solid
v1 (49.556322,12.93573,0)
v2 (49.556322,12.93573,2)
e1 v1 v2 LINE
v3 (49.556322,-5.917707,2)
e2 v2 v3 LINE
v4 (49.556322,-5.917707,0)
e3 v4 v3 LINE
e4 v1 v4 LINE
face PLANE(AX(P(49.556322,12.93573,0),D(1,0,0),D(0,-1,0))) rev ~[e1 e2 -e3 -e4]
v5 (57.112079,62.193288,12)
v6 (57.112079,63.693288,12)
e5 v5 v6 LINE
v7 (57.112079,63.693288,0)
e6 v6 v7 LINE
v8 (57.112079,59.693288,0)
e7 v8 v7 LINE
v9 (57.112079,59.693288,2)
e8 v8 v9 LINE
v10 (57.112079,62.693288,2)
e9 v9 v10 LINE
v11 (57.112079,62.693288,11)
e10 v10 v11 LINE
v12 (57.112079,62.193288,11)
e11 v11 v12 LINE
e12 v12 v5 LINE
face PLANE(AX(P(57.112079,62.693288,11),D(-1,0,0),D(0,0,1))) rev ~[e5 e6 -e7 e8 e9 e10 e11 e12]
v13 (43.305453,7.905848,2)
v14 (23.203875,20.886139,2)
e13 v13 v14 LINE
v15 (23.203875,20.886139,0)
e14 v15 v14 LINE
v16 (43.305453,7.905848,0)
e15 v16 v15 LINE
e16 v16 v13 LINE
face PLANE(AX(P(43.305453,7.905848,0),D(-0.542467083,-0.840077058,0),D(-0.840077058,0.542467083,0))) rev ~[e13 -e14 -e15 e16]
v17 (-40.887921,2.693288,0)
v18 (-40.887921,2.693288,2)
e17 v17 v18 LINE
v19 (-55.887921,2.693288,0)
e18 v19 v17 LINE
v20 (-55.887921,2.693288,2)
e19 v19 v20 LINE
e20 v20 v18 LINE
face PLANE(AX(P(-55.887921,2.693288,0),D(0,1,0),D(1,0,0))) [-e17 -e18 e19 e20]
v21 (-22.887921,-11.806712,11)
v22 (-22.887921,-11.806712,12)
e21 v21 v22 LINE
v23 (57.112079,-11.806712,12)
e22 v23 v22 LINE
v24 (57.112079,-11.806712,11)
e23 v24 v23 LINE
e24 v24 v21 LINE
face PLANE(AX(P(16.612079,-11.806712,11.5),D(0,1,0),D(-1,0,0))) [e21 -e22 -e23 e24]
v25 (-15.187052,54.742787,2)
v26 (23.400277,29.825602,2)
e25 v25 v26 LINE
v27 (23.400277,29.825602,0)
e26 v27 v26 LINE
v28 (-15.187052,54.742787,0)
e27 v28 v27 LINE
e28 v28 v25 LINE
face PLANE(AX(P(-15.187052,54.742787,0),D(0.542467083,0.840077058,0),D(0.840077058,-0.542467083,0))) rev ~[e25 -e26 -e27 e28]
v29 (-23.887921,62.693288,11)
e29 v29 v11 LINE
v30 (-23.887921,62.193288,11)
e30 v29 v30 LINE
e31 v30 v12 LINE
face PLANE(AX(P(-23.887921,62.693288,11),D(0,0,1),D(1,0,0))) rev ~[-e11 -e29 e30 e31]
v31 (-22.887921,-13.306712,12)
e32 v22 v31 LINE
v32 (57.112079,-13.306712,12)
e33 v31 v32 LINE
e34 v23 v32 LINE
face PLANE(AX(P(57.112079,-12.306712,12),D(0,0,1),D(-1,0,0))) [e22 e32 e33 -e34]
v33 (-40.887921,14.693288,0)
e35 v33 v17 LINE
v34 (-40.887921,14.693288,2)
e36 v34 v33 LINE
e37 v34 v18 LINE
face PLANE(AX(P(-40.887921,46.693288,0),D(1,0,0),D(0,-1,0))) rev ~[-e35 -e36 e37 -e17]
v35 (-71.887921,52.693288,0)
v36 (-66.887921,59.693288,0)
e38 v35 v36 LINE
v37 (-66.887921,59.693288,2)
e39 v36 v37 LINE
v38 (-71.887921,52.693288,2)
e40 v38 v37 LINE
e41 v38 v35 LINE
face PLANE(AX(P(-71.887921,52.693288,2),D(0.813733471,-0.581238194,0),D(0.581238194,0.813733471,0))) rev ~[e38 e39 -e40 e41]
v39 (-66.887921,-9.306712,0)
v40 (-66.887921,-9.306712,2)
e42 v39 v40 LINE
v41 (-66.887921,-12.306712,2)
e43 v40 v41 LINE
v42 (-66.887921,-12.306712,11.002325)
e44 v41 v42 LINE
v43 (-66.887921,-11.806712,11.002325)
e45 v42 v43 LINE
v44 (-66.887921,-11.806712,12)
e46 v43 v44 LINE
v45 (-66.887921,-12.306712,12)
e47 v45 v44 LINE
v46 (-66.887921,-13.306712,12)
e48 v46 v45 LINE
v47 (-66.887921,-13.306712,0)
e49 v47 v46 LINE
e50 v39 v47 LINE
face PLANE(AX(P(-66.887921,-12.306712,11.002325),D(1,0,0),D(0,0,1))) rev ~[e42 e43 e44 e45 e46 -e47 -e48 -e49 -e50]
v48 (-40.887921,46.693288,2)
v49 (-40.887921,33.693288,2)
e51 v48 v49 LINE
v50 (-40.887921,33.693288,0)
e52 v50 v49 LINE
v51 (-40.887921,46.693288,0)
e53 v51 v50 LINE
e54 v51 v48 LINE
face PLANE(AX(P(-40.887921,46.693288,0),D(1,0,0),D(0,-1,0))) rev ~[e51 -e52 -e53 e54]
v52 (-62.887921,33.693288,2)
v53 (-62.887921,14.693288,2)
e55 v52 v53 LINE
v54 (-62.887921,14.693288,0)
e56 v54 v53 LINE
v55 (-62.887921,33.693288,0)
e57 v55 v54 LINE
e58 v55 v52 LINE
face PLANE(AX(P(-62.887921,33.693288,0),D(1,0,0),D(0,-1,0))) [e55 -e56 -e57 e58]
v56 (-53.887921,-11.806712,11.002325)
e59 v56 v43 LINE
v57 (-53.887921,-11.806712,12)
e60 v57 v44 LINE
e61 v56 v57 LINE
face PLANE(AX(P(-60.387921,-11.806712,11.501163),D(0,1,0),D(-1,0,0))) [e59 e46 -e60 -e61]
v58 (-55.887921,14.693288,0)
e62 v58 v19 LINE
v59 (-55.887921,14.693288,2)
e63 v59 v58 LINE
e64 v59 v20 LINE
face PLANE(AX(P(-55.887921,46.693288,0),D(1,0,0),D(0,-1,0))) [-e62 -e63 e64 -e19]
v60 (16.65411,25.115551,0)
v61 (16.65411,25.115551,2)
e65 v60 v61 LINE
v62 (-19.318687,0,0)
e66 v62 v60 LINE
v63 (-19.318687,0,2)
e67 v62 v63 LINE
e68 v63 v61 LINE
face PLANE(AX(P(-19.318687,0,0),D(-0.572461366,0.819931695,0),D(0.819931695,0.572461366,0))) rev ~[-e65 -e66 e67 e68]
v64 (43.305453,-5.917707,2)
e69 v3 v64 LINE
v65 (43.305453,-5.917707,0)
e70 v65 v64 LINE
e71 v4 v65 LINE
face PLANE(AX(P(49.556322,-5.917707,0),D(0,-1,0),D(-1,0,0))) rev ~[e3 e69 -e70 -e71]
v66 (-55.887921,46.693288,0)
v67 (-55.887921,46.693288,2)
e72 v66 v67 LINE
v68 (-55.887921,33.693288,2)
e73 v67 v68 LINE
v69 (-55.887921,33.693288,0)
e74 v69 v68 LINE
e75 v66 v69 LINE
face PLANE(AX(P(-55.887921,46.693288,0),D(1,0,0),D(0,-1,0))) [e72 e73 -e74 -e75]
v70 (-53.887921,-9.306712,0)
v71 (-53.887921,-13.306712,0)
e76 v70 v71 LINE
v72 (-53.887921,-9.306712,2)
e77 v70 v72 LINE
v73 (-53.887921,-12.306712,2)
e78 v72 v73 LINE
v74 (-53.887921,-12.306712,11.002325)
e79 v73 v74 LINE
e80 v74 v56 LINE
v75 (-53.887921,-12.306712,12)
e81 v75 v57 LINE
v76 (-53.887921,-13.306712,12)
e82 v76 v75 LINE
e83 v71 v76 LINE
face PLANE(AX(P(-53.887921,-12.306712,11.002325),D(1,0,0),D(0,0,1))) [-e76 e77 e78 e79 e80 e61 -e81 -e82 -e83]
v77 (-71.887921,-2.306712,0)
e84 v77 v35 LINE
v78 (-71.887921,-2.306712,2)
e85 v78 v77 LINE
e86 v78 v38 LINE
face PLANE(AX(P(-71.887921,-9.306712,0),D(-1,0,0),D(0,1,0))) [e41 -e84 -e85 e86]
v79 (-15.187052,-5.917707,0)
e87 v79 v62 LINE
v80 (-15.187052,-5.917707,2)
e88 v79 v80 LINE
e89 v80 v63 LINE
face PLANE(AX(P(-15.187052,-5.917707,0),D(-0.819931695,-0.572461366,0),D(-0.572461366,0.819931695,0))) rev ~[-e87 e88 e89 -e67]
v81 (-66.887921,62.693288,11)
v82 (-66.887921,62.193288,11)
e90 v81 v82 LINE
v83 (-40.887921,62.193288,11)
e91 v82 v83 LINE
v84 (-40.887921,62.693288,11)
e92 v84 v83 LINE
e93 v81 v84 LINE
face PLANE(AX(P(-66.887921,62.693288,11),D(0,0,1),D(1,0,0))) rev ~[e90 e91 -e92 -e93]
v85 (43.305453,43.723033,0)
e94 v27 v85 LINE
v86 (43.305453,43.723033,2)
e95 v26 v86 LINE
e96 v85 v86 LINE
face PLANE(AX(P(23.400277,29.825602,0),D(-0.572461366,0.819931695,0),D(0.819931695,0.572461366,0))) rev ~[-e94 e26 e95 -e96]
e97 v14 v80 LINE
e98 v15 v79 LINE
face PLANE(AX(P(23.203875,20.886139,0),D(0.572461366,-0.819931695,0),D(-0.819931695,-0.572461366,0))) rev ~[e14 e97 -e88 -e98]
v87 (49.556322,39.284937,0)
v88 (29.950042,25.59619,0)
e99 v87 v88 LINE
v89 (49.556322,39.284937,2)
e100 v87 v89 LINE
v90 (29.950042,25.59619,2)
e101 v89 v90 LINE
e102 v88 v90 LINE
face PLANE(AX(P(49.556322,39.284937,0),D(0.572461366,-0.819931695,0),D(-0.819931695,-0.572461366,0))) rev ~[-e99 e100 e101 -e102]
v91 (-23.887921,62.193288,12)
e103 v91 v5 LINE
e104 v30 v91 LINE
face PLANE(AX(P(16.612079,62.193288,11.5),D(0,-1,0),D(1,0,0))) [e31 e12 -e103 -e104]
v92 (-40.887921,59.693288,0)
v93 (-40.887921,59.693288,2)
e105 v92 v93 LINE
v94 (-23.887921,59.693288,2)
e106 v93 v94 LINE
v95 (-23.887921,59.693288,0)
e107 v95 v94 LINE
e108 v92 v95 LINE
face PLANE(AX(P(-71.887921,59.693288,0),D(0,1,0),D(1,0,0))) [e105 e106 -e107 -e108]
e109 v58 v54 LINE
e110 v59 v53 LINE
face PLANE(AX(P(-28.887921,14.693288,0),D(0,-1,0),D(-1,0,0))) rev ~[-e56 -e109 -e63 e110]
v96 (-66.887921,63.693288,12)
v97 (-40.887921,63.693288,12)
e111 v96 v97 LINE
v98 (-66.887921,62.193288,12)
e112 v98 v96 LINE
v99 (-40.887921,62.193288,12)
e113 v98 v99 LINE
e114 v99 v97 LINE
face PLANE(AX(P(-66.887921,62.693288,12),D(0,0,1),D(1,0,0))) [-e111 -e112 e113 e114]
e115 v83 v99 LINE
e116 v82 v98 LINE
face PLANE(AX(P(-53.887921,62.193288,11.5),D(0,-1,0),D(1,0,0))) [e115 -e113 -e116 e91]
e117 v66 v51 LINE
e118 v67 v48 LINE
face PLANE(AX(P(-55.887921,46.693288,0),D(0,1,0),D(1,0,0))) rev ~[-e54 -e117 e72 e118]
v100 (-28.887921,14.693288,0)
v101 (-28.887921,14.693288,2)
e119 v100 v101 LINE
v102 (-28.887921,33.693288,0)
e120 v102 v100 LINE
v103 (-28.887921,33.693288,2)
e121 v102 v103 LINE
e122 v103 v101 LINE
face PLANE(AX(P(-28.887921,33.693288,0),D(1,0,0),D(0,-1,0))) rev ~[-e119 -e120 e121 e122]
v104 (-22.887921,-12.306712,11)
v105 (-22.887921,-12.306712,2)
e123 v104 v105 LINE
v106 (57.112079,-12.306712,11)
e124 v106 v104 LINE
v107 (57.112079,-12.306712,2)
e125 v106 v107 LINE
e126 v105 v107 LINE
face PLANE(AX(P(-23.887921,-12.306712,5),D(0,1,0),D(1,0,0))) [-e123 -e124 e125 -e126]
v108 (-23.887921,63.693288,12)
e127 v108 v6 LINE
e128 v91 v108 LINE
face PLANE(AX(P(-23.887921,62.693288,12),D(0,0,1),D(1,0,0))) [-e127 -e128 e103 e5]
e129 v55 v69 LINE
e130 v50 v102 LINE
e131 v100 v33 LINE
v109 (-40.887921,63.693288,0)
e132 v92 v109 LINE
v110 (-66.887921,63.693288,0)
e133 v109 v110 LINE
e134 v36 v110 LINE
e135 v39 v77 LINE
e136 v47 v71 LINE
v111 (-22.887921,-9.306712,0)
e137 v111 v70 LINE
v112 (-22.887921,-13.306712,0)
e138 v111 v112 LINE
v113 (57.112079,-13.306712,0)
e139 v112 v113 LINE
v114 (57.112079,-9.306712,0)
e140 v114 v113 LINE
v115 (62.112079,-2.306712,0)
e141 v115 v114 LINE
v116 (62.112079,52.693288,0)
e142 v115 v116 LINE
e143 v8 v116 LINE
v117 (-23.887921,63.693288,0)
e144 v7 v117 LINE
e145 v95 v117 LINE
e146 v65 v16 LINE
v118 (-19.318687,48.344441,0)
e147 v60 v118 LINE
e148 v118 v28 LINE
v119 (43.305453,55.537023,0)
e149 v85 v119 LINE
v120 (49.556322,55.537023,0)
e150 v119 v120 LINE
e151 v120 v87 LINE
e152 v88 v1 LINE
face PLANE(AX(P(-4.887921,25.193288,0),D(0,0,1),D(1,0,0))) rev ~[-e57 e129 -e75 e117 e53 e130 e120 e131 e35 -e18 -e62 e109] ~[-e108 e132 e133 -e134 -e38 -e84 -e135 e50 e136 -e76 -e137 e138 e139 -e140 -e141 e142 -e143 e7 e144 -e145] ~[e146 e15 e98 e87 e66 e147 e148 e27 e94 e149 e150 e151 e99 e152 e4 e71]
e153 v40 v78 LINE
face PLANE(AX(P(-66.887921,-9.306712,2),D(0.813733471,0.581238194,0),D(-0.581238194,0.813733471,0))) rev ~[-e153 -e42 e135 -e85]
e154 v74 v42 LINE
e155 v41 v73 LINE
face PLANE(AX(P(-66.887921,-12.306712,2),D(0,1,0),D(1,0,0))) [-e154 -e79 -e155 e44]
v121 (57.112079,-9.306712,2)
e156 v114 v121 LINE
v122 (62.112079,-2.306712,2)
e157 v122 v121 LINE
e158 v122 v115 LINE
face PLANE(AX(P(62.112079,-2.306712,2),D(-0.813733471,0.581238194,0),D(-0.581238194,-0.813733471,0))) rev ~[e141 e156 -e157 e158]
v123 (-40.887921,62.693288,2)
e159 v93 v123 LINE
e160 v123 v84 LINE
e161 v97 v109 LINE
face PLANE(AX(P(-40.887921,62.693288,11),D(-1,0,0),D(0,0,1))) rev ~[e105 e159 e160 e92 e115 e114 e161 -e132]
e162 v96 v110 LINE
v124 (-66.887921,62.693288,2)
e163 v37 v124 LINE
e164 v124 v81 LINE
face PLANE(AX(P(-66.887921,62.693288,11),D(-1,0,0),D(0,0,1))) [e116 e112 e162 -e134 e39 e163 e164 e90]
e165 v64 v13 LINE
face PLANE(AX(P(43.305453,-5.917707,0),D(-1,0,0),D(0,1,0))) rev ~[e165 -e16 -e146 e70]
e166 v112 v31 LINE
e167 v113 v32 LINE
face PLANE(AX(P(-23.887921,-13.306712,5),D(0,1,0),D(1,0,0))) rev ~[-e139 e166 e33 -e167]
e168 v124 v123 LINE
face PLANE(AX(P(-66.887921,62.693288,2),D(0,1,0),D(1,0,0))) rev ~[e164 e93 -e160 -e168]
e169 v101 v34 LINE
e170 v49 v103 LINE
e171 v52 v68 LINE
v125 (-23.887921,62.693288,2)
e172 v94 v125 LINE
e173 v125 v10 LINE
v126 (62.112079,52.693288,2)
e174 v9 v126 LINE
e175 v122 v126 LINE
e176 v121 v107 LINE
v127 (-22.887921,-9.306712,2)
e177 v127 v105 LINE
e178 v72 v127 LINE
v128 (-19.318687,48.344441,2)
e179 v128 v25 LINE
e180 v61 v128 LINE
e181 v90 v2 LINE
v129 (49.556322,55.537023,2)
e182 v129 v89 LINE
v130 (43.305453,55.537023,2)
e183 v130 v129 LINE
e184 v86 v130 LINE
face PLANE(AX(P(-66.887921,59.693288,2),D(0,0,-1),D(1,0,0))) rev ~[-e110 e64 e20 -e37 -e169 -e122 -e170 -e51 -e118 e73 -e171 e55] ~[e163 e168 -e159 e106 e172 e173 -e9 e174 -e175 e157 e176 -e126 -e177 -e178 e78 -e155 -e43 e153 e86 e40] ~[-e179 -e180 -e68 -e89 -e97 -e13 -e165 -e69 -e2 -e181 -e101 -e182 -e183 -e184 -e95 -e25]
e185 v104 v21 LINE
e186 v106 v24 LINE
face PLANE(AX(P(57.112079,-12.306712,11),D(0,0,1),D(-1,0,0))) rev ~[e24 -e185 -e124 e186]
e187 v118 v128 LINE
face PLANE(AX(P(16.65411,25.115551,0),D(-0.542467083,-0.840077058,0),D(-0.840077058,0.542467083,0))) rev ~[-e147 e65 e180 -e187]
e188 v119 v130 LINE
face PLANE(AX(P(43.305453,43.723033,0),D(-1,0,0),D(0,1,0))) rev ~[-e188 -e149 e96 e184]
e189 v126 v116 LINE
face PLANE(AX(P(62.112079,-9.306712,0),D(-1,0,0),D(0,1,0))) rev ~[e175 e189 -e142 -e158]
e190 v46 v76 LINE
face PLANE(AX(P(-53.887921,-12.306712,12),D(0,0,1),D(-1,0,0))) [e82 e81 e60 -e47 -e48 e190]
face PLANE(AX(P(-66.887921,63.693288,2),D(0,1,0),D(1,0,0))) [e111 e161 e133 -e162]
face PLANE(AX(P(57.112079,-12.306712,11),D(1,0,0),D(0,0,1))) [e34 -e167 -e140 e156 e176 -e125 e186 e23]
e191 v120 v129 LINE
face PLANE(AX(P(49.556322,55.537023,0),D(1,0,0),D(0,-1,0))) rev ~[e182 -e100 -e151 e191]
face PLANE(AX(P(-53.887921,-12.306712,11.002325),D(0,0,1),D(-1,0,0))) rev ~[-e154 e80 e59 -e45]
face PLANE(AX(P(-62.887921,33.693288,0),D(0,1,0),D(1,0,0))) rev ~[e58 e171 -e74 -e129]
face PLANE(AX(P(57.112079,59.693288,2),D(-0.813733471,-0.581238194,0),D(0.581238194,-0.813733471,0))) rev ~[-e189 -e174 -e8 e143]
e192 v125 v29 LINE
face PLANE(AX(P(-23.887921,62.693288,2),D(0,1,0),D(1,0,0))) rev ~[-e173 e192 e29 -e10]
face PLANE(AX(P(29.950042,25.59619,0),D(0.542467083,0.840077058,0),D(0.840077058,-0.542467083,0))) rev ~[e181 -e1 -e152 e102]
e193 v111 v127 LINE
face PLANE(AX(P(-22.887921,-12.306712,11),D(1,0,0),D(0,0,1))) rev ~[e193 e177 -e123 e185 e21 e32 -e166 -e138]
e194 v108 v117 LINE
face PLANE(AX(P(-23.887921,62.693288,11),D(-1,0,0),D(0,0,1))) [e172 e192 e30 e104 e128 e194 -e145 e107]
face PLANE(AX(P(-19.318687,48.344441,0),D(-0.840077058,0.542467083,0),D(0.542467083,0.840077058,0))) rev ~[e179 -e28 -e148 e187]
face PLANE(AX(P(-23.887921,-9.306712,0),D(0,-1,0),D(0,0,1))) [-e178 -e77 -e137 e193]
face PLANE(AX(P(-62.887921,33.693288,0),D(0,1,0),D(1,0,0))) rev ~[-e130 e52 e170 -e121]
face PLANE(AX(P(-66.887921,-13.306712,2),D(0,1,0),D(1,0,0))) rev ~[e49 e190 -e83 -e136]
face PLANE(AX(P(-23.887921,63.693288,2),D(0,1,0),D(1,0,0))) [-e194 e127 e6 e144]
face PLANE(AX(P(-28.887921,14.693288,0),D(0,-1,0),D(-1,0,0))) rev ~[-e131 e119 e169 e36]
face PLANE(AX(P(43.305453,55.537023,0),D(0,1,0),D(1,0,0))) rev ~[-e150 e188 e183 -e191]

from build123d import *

# Parameters (mm, degrees)
F0_W      = 134
F0_H      = 69
F1_DEPTH  = 2
F2_W      = 81
F2_H      = 2
F3_DEPTH  = 4
F4_W      = 81
F4_H      = 4
F5_DEPTH  = 3
F6_DEPTH  = 7
F7_DEPTH  = 3
F8_W      = 81
F8_H      = 1
F9_DEPTH  = 0.5
F10_DEPTH = 1
F11_W     = 13
F11_H     = 2
F12_DEPTH = 4
F13_W     = 13
F13_H     = 4
F14_DEPTH = 10
F15_DEPTH = 3
F16_W     = 13
F16_H     = 0.9976745471
F17_DEPTH = 0.5
F18_W     = 81
F18_H     = 2
F19_DEPTH = 4
F20_W     = 81
F20_H     = 4
F21_DEPTH = 10
F22_DEPTH = 3
F23_W     = 81
F23_H     = 1
F24_DEPTH = 0.5
F25_W     = 26
F25_H     = 2
F26_DEPTH = 4
F27_W     = 26
F27_H     = 4
F28_DEPTH = 10
F29_DEPTH = 3
F30_W     = 26
F30_H     = 1
F31_DEPTH = 0.5
F33_DEPTH = 2.001
F34_W     = 15
F34_H     = 44
F35_DEPTH = 12.001
F36_W     = 7
F36_H     = 19
F36_W_2   = 15
F36_W_3   = 12
F37_DEPTH = 12.001
F40_DEPTH = 12.001


with BuildPart() as f1:
    # F0 (on Top) → F1 (new body)
    with BuildSketch(Plane.XY):
        with Locations((-4.8879205883, 25.1932881936)):
            Rectangle(F0_W, F0_H)
    extrude(amount=F1_DEPTH)

    # F2 (on face) → F3 (join)
    with BuildSketch(Plane.XZ.offset(9.3067118064)):
        with Locations((16.6120794117, 1)):
            Rectangle(F2_W, F2_H)
    extrude(amount=F3_DEPTH)

    # F4 (on face) → F5 (join)
    with BuildSketch(Plane.XY.offset(2)):
        with Locations((16.6120794117, -11.3067118064)):
            Rectangle(F4_W, F4_H)
    extrude(amount=F5_DEPTH)

    # F6 (add): a face of the model
    f6_faces = [f1.faces().sort_by_distance(p)[0] for p in [
        (16.6120794117, -11.3067118064, 5),
    ]]
    extrude(f6_faces, amount=F6_DEPTH)

    # F7 (cut): a face of the model
    f7_faces = [f1.faces().sort_by_distance(p)[0] for p in [
        (16.6120794117, -9.3067118064, 7),
    ]]
    extrude(f7_faces, amount=-F7_DEPTH, mode=Mode.SUBTRACT)

    # F8 (on face) → F9 (join)
    with BuildSketch(Plane(origin=(0, -12.3067118064, 0), x_dir=(-1, 0, 0), z_dir=(0, 1, 0))):
        with Locations((-16.6120794117, 11.5)):
            Rectangle(F8_W, F8_H)
    extrude(amount=F9_DEPTH)

    # F10 (cut): a face of the model
    f10_faces = [f1.faces().sort_by_distance(p)[0] for p in [
        (-23.8879205883, -11.3067118064, 0.1264911064),
    ]]
    extrude(f10_faces, amount=-F10_DEPTH, mode=Mode.SUBTRACT)

    # F11 (on face) → F12 (join)
    with BuildSketch(Plane.XZ.offset(9.3067118064)):
        with Locations((-60.3879205883, 1)):
            Rectangle(F11_W, F11_H)
    extrude(amount=F12_DEPTH)

    # F13 (on face) → F14 (join)
    with BuildSketch(Plane.XY.offset(2)):
        with Locations((-60.3879205883, -11.3067118064)):
            Rectangle(F13_W, F13_H)
    extrude(amount=F14_DEPTH)

    # F15 (cut): a face of the model
    f15_faces = [f1.faces().sort_by_distance(p)[0] for p in [
        (-60.3879205883, -9.3067118064, 7),
    ]]
    extrude(f15_faces, amount=-F15_DEPTH, mode=Mode.SUBTRACT)

    # F16 (on face) → F17 (join)
    with BuildSketch(Plane(origin=(0, -12.3067118064, 0), x_dir=(-1, 0, 0), z_dir=(0, 1, 0))):
        with Locations((60.3879205883, 11.5011627264)):
            Rectangle(F16_W, F16_H)
    extrude(amount=F17_DEPTH)

    # F18 (on face) → F19 (join)
    with BuildSketch(Plane(origin=(0, 59.6932881936, 0), x_dir=(-1, 0, 0), z_dir=(0, 1, 0))):
        with Locations((-16.6120794117, 1)):
            Rectangle(F18_W, F18_H)
    extrude(amount=F19_DEPTH)

    # F20 (on face) → F21 (join)
    with BuildSketch(Plane.XY.offset(2)):
        with Locations((16.6120794117, 61.6932881936)):
            Rectangle(F20_W, F20_H)
    extrude(amount=F21_DEPTH)

    # F22 (cut): a face of the model
    f22_faces = [f1.faces().sort_by_distance(p)[0] for p in [
        (16.6120794117, 59.6932881936, 7),
    ]]
    extrude(f22_faces, amount=-F22_DEPTH, mode=Mode.SUBTRACT)

    # F23 (on face) → F24 (join)
    with BuildSketch(Plane.XZ.offset(-62.6932881936)):
        with Locations((16.6120794117, 11.5)):
            Rectangle(F23_W, F23_H)
    extrude(amount=F24_DEPTH)

    # F25 (on face) → F26 (join)
    with BuildSketch(Plane(origin=(0, 59.6932881936, 0), x_dir=(-1, 0, 0), z_dir=(0, 1, 0))):
        with Locations((53.8879205883, 1)):
            Rectangle(F25_W, F25_H)
    extrude(amount=F26_DEPTH)

    # F27 (on face) → F28 (join)
    with BuildSketch(Plane.XY.offset(2)):
        with Locations((-53.8879205883, 61.6932881936)):
            Rectangle(F27_W, F27_H)
    extrude(amount=F28_DEPTH)

    # F29 (cut): a face of the model
    f29_faces = [f1.faces().sort_by_distance(p)[0] for p in [
        (-53.8879205883, 59.6932881936, 7),
    ]]
    extrude(f29_faces, amount=-F29_DEPTH, mode=Mode.SUBTRACT)

    # F30 (on face) → F31 (join)
    with BuildSketch(Plane.XZ.offset(-62.6932881936)):
        with Locations((-53.8879205883, 11.5)):
            Rectangle(F30_W, F30_H)
    extrude(amount=F31_DEPTH)

    # F32 (on face) → F33 (cut, through all)
    with BuildSketch(Plane.XY.offset(2)):
        Polygon((-71.8879205883, 52.6932881936), (-66.8879205883, 59.6932881936), (-71.8879205883, 59.6932881936), align=None)
        Polygon((-66.8879205883, -9.3067118064), (-71.8879205883, -2.3067118064), (-71.8879205883, -9.3067118064), align=None)
        Polygon((62.1120794117, -9.3067118064), (62.1120794117, -2.3067118064), (57.1120794117, -9.3067118064), align=None)
        Polygon((62.1120794117, 59.6932881936), (57.1120794117, 59.6932881936), (62.1120794117, 52.6932881936), align=None)
    extrude(amount=-F33_DEPTH, mode=Mode.SUBTRACT)

    # F34 (on face) → F35 (cut, through all)
    with BuildSketch(Plane(origin=(0, 0, 0), x_dir=(1, 0, 0), z_dir=(0, 0, -1))):
        with Locations((-48.3879205883, -24.6932881936)):
            Rectangle(F34_W, F34_H)
    extrude(amount=-F35_DEPTH, mode=Mode.SUBTRACT)

    # F36 (on face) → F37 (cut, through all)
    with BuildSketch(Plane(origin=(0, 0, 0), x_dir=(1, 0, 0), z_dir=(0, 0, -1))):
        with Locations((-59.3879205883, -24.1932881936)):
            Rectangle(F36_W, F36_H)
        with Locations((-48.3879205883, -24.1932881936)):
            Rectangle(F36_W_2, F36_H)
        with Locations((-34.8879205883, -24.1932881936)):
            Rectangle(F36_W_3, F36_H)
    extrude(amount=-F37_DEPTH, mode=Mode.SUBTRACT)

    # F39 (on face) → F40 (cut, through all)
    with BuildSketch(Plane(origin=(0, 0, 0), x_dir=(1, 0, 0), z_dir=(0, 0, -1))):
        Polygon((43.3054530231, -55.5370226502), (49.5563223958, -55.5370226502), (49.5563223958, -39.2849373539), (29.9500417569, -25.5961895548), (23.4002765373, -29.8256016073), (43.3054530231, -43.723033039), align=None)
        Polygon((23.4002765373, -29.8256016073), (29.9500417569, -25.5961895548), (23.2038749613, -20.8861388534), (16.6541097417, -25.1155509059), align=None)
        Polygon((23.2038749613, -20.8861388534), (29.9500417569, -25.5961895548), (49.5563223958, -12.9357296973), (49.5563223958, 5.9177065827), (43.3054530231, 5.9177065827), (43.3054530231, -7.9058481593), align=None)
        Polygon((16.6541097417, -25.1155509059), (23.2038749613, -20.8861388534), (-15.187051918, 5.9177065827), (-19.3186867982, 0), align=None)
        Polygon((-15.187051918, -54.7427866621), (23.4002765373, -29.8256016073), (16.6541097417, -25.1155509059), (-19.3186867982, -48.3444414305), align=None)
    extrude(amount=-F40_DEPTH, mode=Mode.SUBTRACT)


solid = f1.part
